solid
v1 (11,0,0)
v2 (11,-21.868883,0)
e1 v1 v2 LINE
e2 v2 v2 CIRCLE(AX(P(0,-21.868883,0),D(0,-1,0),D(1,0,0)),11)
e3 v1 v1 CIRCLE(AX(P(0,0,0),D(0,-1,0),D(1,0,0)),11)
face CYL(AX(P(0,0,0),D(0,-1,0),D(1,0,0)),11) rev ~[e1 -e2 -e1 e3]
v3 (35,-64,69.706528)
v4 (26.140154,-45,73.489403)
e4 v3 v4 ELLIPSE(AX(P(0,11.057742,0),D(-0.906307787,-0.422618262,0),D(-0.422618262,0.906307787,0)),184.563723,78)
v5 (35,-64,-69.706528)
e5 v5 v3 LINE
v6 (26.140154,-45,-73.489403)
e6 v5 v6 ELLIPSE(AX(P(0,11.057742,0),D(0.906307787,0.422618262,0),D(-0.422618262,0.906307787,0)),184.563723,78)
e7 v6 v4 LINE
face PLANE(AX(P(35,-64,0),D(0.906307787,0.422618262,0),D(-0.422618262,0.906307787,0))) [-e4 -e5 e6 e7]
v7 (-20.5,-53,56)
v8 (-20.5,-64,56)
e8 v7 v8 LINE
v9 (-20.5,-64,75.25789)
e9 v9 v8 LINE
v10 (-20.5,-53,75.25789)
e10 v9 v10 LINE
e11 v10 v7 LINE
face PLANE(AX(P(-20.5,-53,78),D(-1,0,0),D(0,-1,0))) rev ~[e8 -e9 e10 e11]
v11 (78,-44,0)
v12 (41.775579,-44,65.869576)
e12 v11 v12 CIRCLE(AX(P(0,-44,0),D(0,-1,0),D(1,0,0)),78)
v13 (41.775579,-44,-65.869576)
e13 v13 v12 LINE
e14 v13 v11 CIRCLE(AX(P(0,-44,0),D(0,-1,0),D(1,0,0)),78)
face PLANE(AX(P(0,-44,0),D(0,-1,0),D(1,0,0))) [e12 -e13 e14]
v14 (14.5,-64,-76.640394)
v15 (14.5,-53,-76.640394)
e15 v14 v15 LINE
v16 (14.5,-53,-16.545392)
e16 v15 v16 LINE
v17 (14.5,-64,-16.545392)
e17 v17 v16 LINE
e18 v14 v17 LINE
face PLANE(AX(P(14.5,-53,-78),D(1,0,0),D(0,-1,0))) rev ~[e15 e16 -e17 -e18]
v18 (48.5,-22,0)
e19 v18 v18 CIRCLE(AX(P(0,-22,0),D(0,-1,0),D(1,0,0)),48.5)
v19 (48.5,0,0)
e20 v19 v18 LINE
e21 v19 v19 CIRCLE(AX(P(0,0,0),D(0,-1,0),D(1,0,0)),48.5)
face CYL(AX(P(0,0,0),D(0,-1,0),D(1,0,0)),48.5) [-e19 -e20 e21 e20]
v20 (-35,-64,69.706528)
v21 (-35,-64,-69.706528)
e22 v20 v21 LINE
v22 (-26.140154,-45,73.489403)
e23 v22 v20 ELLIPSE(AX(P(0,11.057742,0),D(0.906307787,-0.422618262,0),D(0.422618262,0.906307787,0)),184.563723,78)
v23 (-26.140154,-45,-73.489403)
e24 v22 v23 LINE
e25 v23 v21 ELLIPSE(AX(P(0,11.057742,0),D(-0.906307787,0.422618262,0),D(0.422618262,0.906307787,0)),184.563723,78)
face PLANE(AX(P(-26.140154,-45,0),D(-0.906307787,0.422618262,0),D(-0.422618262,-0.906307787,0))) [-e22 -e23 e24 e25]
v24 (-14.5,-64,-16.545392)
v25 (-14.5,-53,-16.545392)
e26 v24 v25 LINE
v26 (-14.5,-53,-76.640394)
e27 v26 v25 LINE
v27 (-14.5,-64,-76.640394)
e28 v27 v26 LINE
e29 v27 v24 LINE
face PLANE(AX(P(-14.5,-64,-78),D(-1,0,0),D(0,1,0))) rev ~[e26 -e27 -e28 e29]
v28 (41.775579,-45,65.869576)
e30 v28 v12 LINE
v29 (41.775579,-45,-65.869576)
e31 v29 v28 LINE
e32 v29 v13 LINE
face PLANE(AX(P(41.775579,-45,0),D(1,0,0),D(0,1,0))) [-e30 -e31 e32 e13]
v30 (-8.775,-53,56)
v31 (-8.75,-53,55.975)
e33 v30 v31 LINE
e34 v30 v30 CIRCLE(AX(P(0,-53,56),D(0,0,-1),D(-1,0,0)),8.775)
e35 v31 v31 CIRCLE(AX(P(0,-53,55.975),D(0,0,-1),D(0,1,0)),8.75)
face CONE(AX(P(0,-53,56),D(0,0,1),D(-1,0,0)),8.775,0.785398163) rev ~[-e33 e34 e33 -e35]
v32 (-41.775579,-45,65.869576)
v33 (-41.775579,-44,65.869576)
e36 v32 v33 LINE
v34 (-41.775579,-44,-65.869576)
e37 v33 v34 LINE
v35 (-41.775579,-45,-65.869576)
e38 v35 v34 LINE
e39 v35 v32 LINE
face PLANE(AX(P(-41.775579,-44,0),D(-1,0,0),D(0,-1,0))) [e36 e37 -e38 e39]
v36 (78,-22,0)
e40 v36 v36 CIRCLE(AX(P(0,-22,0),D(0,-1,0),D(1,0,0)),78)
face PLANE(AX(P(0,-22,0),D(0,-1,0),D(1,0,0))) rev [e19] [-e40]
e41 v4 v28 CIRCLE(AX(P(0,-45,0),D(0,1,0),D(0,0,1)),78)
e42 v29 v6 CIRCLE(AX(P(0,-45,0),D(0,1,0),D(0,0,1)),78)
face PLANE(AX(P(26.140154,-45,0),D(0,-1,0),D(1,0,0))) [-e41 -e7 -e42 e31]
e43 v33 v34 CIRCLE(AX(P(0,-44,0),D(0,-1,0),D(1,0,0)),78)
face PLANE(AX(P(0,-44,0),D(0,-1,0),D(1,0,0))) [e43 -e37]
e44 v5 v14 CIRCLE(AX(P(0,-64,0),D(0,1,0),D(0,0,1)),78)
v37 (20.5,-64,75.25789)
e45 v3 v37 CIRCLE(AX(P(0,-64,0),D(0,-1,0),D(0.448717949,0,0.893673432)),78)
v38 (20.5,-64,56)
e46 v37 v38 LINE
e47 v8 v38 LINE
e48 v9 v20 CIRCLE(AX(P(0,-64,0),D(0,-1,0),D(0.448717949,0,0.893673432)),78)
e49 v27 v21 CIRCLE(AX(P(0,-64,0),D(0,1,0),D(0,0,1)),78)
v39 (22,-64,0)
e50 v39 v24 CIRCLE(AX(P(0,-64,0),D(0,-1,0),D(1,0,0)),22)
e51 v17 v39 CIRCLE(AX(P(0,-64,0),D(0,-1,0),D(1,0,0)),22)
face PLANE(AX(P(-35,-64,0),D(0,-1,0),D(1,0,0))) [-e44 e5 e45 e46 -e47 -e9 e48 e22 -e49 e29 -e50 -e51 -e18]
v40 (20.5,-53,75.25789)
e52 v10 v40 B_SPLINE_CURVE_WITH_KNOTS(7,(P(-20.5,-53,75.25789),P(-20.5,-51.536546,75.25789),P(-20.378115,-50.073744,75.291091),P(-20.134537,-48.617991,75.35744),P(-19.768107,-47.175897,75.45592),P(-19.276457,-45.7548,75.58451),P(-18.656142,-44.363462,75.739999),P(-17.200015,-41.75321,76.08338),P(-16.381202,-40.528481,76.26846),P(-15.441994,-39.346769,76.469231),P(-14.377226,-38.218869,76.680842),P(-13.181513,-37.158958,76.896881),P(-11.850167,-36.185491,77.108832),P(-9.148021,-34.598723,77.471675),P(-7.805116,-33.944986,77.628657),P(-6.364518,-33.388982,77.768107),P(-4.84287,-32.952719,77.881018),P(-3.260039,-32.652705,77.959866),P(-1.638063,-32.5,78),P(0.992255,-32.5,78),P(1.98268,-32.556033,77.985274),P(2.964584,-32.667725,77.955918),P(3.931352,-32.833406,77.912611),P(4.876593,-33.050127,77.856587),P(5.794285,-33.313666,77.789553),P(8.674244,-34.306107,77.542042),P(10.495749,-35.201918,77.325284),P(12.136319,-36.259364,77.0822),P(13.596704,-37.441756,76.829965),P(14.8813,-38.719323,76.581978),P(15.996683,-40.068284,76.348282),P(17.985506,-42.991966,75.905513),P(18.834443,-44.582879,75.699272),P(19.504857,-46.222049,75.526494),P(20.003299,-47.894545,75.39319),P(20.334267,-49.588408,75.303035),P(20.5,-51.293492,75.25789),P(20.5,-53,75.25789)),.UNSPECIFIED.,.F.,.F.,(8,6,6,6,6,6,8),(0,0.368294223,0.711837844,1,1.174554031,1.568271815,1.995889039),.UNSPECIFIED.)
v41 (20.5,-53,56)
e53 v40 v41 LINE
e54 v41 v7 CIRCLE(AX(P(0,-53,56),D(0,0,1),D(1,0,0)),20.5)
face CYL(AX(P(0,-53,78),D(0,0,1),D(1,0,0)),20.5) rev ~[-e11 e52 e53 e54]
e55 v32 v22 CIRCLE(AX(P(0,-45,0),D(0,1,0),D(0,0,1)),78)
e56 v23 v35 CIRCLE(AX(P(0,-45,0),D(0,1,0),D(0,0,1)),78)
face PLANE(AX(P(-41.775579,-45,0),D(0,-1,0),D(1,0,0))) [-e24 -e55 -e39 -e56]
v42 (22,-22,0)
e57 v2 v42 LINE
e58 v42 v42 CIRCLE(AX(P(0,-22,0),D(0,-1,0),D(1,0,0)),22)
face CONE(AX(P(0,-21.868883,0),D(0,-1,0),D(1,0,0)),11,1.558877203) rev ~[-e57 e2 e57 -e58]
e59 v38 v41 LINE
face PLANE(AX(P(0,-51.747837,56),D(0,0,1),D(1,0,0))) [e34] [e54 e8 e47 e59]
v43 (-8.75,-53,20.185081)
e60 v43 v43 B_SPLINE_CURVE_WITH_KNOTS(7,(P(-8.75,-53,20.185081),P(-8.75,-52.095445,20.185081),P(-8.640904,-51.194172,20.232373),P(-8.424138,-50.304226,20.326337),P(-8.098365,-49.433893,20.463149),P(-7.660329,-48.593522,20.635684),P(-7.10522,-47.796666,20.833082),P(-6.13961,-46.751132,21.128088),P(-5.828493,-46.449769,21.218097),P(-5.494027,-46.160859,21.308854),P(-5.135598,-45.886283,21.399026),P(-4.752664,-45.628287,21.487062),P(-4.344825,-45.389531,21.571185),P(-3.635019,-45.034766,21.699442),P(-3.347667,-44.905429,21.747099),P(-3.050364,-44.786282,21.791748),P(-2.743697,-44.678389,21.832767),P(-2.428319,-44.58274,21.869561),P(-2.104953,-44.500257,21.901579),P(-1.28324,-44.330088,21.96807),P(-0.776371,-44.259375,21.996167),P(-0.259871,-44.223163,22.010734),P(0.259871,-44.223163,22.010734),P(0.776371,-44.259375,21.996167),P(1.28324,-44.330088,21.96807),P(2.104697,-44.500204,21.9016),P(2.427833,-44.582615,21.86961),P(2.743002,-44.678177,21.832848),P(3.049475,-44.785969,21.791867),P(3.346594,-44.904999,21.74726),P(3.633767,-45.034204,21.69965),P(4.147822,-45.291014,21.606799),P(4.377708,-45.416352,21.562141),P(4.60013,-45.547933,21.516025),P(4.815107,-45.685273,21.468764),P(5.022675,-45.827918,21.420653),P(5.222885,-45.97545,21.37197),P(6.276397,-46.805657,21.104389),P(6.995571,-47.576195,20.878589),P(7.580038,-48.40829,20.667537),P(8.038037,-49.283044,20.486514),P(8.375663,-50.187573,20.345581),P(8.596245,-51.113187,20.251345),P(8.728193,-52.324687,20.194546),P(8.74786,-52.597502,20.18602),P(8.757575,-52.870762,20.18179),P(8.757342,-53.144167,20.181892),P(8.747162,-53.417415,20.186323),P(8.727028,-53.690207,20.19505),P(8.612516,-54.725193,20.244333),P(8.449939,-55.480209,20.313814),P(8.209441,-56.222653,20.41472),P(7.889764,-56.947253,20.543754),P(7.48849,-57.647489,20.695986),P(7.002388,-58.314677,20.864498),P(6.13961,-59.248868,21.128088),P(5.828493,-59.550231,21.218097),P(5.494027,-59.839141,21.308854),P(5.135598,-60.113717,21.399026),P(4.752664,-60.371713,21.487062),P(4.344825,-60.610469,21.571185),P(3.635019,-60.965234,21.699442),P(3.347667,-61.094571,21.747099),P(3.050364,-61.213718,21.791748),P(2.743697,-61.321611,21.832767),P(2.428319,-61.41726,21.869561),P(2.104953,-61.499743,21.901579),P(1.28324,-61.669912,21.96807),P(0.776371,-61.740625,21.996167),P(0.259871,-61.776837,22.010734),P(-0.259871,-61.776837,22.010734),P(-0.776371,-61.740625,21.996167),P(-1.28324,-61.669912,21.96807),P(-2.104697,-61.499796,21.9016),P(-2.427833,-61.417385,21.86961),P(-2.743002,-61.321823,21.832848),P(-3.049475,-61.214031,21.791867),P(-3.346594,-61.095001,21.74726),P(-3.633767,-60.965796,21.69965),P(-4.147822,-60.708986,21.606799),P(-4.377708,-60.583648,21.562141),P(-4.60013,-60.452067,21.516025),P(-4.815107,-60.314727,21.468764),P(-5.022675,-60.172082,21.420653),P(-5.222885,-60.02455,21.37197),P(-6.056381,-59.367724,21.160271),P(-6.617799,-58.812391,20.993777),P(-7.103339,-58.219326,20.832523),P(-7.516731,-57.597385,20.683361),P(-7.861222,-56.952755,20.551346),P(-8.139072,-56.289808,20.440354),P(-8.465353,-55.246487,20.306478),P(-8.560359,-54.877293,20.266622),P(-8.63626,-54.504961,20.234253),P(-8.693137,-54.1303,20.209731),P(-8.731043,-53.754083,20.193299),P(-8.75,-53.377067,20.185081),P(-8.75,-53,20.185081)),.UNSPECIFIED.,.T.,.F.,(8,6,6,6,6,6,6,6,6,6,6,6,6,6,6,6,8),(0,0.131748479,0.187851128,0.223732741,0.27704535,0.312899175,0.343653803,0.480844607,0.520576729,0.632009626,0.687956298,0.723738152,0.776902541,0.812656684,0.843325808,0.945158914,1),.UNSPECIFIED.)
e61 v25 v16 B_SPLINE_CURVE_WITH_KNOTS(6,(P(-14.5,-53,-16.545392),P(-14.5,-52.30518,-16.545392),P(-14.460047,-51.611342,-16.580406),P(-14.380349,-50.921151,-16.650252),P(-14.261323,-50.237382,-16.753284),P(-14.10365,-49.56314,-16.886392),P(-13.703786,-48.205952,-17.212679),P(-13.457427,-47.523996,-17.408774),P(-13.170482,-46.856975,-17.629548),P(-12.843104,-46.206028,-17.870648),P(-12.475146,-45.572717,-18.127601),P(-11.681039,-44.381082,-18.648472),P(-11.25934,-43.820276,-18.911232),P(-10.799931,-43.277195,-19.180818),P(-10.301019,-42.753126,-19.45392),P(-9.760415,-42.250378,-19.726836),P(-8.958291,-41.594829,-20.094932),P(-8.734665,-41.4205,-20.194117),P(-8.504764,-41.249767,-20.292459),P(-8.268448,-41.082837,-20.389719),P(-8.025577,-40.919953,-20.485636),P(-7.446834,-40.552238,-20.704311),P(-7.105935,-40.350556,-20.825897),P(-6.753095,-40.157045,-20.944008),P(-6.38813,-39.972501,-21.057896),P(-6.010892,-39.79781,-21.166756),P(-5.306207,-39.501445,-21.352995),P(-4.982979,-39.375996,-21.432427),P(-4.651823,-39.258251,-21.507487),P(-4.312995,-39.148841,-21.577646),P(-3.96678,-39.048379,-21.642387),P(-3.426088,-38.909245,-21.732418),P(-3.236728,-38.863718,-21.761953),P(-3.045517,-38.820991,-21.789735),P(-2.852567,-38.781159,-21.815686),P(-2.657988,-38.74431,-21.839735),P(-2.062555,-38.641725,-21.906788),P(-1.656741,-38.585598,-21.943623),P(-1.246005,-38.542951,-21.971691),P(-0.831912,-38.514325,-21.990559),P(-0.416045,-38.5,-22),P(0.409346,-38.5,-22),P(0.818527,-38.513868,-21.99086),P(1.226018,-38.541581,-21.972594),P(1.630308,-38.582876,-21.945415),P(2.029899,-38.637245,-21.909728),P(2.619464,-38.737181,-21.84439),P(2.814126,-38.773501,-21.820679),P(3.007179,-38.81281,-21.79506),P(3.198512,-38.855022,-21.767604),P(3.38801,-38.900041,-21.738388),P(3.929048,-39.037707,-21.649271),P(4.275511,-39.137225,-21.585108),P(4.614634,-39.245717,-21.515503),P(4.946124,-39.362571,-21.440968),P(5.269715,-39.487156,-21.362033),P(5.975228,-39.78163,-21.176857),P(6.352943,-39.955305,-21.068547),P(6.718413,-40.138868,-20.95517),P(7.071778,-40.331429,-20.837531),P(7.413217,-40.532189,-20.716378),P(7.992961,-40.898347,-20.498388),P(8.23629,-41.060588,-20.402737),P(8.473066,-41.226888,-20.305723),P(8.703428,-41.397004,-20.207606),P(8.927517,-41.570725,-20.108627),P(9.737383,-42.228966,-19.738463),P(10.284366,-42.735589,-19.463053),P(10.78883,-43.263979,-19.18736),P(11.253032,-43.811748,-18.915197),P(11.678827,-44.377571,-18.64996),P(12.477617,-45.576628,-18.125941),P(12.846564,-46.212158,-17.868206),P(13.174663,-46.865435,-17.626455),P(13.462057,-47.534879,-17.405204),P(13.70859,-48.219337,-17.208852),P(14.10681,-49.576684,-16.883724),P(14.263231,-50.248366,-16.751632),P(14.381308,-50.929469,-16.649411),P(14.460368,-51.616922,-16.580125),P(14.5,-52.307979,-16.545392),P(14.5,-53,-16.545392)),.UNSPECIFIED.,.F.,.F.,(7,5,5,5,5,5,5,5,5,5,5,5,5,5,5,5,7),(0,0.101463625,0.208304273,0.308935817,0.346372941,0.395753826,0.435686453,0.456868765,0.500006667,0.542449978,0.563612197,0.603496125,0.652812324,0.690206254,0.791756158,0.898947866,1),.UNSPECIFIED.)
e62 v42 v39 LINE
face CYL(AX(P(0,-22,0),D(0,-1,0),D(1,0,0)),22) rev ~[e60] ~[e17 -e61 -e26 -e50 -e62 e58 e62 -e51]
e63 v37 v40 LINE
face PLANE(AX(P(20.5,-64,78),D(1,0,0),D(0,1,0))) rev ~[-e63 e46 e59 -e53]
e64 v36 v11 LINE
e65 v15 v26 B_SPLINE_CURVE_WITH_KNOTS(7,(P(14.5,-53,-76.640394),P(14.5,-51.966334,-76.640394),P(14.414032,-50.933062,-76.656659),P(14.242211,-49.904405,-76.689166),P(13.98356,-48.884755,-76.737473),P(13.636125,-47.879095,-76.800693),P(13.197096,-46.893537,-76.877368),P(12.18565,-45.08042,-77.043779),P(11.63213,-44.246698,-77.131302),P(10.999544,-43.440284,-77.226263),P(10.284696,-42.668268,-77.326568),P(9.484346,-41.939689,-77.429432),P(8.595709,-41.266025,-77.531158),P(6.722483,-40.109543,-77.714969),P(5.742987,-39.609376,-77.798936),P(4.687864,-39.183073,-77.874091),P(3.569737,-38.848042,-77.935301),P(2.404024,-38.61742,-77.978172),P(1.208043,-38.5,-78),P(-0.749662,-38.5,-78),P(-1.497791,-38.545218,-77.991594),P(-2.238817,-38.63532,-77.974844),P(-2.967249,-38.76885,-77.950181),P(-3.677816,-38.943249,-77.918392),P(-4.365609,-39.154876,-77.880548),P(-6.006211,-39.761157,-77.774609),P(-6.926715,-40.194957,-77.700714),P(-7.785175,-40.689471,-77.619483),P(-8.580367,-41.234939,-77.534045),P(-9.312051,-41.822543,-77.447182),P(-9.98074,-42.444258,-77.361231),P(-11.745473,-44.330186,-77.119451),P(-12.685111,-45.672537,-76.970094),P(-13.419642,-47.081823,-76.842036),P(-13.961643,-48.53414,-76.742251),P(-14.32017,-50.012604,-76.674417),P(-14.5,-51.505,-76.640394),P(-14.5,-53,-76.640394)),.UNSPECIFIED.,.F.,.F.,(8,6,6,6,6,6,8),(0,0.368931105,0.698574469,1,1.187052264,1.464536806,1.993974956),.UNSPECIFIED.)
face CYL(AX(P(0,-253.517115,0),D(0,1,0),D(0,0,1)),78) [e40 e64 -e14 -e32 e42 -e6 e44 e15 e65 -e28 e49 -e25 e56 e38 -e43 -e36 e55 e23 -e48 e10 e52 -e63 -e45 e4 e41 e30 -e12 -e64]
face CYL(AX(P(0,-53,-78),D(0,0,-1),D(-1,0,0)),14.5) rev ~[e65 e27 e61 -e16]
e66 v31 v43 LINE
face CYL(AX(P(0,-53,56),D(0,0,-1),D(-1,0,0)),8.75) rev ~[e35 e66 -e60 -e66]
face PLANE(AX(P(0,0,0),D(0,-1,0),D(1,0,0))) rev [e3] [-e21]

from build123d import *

# Parameters (mm, degrees)
Y_KSEKLIK_EKSTR_ZYON2_REACH                  = 120.76
Y_KSEKLIK_EKSTR_ZYON2_END_RADIUS             = 78
Y_KSEKLIK_EKSTR_ZYON2_DIRECTION_2_REACH      = 120.76
Y_KSEKLIK_EKSTR_ZYON2_DIRECTION_2_END_RADIUS = 78
KES_EKSTR_ZYON1_DEPTH                        = 22
M16_BO_LUKLU_DELIK2_D                        = 17.5
M16_BO_LUKLU_DELIK2_DEPTH                    = 55.999
M16_BO_LUKLU_DELIK2_CSINK_D                  = 17.55
M16_BO_LUKLU_DELIK2_CSINK_ANGLE              = 90
M16_BO_LUKLU_DELIK2_TIP                      = 5.257530416
KES_EKSTR_ZYON2_REACH                        = 187.785
KES_EKSTR_ZYON2_END_RADIUS                   = 22


with BuildPart() as part:
    # Çizim1 → Döndür1 (revolve)
    with BuildSketch(Plane.XY):
        Polygon((0, 0), (48.5, 0), (48.5, -22), (78, -22), (78, -44), (0, -44), align=None)
    revolve(axis=Axis((0, 0, 0), (0, -1, 0)))

    # Yükseklik-Ekstrüzyon2: up to this cylinder (the profile starts inside it)
    y_kseklik_ekstr_zyon2_end = Plane(origin=(0, -54.257115, 0), z_dir=(0, 1, 0)) * Cylinder(Y_KSEKLIK_EKSTR_ZYON2_END_RADIUS, 398.52, mode=Mode.PRIVATE)
    # Çizim2 → Yükseklik-Ekstrüzyon2 (add, up to the surface)
    with BuildSketch(Plane.XY, mode=Mode.PRIVATE) as y_kseklik_ekstr_zyon2_sk1:
        Polygon((-35, -64), (35, -64), (26.140154495, -45), (41.775578503, -45), (41.775578503, -44), (-41.775578503, -44), (-41.775578503, -45), (-26.140154495, -45), align=None)
    y_kseklik_ekstr_zyon2_tool1 = extrude(y_kseklik_ekstr_zyon2_sk1.sketch, amount=Y_KSEKLIK_EKSTR_ZYON2_REACH, mode=Mode.PRIVATE) & y_kseklik_ekstr_zyon2_end
    add(y_kseklik_ekstr_zyon2_tool1.solids().sort_by_distance((0, -54.257115, 0))[0])

    # Yükseklik-Ekstrüzyon2 direction 2: up to this cylinder (the profile starts inside it)
    y_kseklik_ekstr_zyon2_direction_2_end = Plane(origin=(0, -54.257115, 0), z_dir=(0, 1, 0)) * Cylinder(Y_KSEKLIK_EKSTR_ZYON2_DIRECTION_2_END_RADIUS, 398.52, mode=Mode.PRIVATE)
    # Çizim2 → Yükseklik-Ekstrüzyon2 direction 2 (add, up to the surface)
    with BuildSketch(Plane.XY, mode=Mode.PRIVATE) as y_kseklik_ekstr_zyon2_direction_2_sk1:
        Polygon((-35, -64), (35, -64), (26.140154495, -45), (41.775578503, -45), (41.775578503, -44), (-41.775578503, -44), (-41.775578503, -45), (-26.140154495, -45), align=None)
    y_kseklik_ekstr_zyon2_direction_2_tool1 = extrude(y_kseklik_ekstr_zyon2_direction_2_sk1.sketch, amount=-Y_KSEKLIK_EKSTR_ZYON2_DIRECTION_2_REACH, mode=Mode.PRIVATE) & y_kseklik_ekstr_zyon2_direction_2_end
    add(y_kseklik_ekstr_zyon2_direction_2_tool1.solids().sort_by_distance((0, -54.257115, 0))[0])

    # Çizim4 → Kes-Döndür1 (revolve, cut)
    with BuildSketch(Plane.XY):
        Polygon((0, 0), (11, 0), (11, -21.868883424), (22, -22), (22, -64), (0, -64), align=None)
    revolve(axis=Axis((0, 0, 0), (0, -1, 0)), mode=Mode.SUBTRACT)

    # Çizim6 → Kes-Ekstrüzyon1 (cut)
    with BuildSketch(Plane.XY.offset(78)):
        with BuildLine():
            Line((-20.5, -53), (-20.5, -64))
            Line((-20.5, -64), (0, -64))
            Line((0, -64), (20.5, -64))
            Line((20.5, -64), (20.5, -53))
            ThreePointArc((20.5, -53), (0, -32.5), (-20.5, -53))
        make_face()
    extrude(amount=-KES_EKSTR_ZYON1_DEPTH, mode=Mode.SUBTRACT)

    # M16 Boşluklu Delik2
    with Locations(Plane(origin=(0, -53, 56), x_dir=(1, 0, 0), z_dir=(0, 0, 1))):
        with Locations((0, 0)):
            CounterSinkHole(M16_BO_LUKLU_DELIK2_D / 2, M16_BO_LUKLU_DELIK2_CSINK_D / 2, depth=M16_BO_LUKLU_DELIK2_DEPTH, counter_sink_angle=M16_BO_LUKLU_DELIK2_CSINK_ANGLE)
            with Locations((0, 0, -(M16_BO_LUKLU_DELIK2_DEPTH + M16_BO_LUKLU_DELIK2_TIP / 2))):  # 118° drill point
                Cone(0, M16_BO_LUKLU_DELIK2_D / 2, M16_BO_LUKLU_DELIK2_TIP, mode=Mode.SUBTRACT)

    # Kes-Ekstrüzyon2: up to this cylinder (the profile starts outside it)
    kes_ekstr_zyon2_end = Plane(origin=(0, -52.571949, 0), z_dir=(0, 1, 0)) * Cylinder(KES_EKSTR_ZYON2_END_RADIUS, 420.57, mode=Mode.PRIVATE)
    # Çizim10 → Kes-Ekstrüzyon2 (cut, up to the surface)
    with BuildSketch(Plane(origin=(0, 0, -78), x_dir=(-1, 0, 0), z_dir=(0, 0, -1)), mode=Mode.PRIVATE) as kes_ekstr_zyon2_sk1:
        with BuildLine():
            Line((-14.5, -53), (-14.5, -64))
            Line((-14.5, -64), (14.5, -64))
            Line((14.5, -64), (14.5, -53))
            ThreePointArc((14.5, -53), (0, -38.5), (-14.5, -53))
        make_face()
    kes_ekstr_zyon2_tool1 = extrude(kes_ekstr_zyon2_sk1.sketch, amount=-KES_EKSTR_ZYON2_REACH, mode=Mode.PRIVATE) - kes_ekstr_zyon2_end
    add(kes_ekstr_zyon2_tool1.solids().sort_by_distance((0, -52.571949, -78))[0], mode=Mode.SUBTRACT)


solid = part.part
